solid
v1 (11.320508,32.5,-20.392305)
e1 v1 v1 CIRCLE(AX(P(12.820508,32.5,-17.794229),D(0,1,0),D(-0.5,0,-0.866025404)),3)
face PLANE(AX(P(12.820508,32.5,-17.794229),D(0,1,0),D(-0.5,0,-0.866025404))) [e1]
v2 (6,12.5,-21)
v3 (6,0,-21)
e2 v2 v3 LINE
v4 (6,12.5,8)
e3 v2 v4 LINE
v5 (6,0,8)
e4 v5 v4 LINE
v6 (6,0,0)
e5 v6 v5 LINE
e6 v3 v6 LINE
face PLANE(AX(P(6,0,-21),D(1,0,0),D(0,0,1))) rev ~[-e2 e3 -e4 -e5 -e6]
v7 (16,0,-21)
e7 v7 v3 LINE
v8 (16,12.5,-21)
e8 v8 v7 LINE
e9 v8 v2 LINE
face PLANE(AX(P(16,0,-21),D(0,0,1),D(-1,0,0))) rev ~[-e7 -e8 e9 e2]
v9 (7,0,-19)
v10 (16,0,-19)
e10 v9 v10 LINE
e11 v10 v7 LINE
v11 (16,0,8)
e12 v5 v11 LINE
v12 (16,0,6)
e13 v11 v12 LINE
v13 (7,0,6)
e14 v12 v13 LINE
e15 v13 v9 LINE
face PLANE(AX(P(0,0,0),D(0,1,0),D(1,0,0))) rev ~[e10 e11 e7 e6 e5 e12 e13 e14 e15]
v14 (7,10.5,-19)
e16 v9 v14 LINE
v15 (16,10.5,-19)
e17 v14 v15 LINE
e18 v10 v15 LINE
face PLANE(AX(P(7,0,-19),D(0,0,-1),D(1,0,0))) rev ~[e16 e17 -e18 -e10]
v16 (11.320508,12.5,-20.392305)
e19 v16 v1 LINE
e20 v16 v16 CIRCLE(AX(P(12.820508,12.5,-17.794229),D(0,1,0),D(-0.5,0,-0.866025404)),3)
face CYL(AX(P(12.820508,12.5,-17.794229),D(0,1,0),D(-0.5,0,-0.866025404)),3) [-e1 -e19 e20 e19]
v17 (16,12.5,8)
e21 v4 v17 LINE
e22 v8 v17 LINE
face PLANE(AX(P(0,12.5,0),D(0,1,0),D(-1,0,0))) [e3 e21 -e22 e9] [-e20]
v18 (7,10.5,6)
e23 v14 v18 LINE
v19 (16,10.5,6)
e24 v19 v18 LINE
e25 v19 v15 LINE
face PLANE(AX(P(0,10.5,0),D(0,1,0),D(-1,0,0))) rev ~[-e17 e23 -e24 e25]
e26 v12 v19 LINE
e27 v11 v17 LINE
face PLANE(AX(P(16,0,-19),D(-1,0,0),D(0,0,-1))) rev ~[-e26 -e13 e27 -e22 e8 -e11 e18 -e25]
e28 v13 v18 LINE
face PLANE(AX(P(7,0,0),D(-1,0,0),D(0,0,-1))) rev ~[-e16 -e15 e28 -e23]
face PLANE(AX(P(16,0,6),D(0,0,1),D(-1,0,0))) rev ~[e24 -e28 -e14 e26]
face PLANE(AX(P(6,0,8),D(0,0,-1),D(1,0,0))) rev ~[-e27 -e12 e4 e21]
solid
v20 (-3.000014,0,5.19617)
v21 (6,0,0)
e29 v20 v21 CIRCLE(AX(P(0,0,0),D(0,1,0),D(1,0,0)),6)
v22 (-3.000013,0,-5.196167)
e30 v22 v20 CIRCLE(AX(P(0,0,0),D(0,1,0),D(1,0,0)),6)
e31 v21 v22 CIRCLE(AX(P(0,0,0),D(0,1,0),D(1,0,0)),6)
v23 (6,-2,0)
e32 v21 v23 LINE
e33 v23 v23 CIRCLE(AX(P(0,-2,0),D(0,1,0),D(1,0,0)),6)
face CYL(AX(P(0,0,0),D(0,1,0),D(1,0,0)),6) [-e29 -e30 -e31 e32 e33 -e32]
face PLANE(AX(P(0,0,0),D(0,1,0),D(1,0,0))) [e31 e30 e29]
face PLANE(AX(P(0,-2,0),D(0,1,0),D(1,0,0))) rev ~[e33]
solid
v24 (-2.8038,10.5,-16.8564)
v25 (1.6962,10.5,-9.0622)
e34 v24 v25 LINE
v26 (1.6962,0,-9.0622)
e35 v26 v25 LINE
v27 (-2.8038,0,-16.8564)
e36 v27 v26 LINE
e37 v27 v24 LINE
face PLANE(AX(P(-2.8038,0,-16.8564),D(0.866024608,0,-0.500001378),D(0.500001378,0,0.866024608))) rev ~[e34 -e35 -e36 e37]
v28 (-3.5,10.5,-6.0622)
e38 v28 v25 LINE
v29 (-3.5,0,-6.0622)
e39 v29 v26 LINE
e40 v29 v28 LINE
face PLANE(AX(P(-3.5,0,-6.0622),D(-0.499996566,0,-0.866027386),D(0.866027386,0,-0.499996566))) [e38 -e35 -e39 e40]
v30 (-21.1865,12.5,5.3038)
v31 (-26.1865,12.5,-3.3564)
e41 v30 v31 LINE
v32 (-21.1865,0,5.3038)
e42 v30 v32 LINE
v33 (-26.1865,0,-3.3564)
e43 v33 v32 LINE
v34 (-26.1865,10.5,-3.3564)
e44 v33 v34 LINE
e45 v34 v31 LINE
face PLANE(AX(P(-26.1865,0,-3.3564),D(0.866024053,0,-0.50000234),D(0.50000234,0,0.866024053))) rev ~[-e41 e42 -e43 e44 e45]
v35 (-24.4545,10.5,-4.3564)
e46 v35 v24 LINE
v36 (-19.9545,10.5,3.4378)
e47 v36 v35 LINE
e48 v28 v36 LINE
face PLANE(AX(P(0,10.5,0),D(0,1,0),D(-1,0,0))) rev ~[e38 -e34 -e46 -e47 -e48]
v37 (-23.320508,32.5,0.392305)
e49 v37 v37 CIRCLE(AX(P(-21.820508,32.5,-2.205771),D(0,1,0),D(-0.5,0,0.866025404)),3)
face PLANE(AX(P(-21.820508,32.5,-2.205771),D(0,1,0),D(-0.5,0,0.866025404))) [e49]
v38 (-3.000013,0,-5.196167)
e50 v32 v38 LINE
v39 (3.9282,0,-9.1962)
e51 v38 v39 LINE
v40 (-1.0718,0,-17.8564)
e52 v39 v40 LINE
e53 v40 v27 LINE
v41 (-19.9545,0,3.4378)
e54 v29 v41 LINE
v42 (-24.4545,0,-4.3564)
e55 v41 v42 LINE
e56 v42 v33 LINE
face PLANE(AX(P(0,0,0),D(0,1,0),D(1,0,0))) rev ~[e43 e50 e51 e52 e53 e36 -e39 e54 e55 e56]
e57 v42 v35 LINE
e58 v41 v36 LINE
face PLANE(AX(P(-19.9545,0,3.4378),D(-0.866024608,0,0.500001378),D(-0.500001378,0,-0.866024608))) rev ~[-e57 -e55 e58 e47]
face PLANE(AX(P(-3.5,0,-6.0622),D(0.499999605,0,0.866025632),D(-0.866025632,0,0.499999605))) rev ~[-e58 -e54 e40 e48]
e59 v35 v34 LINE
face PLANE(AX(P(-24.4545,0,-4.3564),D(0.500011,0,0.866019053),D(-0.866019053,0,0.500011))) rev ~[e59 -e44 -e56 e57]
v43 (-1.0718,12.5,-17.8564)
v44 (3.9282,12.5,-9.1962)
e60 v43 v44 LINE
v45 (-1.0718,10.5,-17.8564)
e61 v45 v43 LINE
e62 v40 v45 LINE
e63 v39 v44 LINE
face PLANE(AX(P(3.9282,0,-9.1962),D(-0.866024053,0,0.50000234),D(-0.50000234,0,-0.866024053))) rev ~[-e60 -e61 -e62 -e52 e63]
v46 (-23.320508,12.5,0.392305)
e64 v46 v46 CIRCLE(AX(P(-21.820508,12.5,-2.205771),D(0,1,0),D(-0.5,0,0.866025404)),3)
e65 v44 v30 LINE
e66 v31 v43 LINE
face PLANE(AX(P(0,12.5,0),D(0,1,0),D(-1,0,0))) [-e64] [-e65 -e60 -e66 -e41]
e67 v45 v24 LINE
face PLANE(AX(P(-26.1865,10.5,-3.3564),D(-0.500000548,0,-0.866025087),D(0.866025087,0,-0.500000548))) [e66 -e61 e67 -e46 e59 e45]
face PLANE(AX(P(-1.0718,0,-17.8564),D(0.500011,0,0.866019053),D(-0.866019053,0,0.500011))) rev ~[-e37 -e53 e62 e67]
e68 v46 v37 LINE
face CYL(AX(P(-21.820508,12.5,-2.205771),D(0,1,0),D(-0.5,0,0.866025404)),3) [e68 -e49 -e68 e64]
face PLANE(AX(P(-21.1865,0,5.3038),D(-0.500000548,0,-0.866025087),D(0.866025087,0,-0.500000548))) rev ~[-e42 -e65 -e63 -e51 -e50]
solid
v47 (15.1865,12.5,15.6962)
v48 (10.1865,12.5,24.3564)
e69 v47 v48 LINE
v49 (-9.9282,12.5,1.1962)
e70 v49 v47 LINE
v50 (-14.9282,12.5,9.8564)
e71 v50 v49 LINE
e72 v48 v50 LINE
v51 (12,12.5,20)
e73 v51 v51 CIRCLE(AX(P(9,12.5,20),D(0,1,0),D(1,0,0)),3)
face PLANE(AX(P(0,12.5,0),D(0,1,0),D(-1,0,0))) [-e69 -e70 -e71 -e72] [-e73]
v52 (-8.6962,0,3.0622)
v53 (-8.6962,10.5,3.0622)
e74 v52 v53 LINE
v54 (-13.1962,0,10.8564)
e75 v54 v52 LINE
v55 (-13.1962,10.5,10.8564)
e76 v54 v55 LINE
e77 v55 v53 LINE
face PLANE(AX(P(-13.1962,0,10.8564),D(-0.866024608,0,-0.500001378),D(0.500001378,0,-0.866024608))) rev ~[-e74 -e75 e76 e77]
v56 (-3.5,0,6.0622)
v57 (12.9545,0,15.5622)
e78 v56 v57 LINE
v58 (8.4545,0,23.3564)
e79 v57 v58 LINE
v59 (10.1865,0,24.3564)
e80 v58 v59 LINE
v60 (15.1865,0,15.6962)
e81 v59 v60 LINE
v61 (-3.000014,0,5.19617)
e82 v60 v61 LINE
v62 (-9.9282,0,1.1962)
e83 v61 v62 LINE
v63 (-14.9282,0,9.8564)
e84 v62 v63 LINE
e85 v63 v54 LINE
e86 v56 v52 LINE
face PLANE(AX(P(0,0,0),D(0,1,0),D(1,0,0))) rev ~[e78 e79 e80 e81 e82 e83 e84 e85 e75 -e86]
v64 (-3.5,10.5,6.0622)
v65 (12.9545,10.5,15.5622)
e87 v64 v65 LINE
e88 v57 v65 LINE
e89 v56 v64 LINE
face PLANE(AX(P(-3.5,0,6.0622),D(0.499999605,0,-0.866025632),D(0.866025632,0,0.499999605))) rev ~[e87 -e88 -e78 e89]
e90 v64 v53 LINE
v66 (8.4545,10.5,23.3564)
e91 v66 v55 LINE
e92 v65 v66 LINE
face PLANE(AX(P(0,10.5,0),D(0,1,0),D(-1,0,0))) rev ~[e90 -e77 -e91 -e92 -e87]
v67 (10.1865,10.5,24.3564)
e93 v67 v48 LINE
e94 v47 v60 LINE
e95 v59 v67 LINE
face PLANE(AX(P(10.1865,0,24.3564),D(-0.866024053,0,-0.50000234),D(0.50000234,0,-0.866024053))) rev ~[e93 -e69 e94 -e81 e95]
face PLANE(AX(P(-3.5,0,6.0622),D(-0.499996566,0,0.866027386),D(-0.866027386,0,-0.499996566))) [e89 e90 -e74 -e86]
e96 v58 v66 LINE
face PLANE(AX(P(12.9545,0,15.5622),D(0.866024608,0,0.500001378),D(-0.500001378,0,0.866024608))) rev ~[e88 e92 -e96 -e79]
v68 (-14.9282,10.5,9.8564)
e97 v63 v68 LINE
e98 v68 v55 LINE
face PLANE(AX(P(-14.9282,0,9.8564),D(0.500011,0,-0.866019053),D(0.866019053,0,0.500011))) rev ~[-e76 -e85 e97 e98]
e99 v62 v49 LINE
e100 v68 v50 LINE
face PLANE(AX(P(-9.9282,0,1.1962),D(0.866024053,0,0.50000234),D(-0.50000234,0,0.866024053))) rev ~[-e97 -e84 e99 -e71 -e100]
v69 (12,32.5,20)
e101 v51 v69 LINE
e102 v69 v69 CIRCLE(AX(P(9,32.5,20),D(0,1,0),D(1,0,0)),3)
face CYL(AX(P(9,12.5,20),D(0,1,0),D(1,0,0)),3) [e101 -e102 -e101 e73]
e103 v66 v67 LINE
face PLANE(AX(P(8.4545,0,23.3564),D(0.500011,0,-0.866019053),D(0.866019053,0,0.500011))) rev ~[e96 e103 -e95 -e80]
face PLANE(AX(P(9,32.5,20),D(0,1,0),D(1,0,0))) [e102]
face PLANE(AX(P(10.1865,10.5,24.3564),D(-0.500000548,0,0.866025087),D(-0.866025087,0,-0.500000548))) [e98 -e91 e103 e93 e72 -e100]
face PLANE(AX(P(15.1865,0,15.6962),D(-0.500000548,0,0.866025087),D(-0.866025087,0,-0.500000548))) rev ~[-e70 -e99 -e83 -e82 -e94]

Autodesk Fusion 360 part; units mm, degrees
sketch "草图1" plane through (0, 0, 0) normal (0, 1, 0) x (1, 0, 0)
  circle A0 centre (0, 0) radius 6
  line L0 (7, 0) -> (7, -6)
  line L1 (7, 0) -> (7, 19)
  line L2 (7, 19) -> (16, 19)
  line L3 (16, 19) -> (16, 21)
  line L4 (16, 21) -> (6, 21)
  line L5 (6, 21) -> (6, -8)
  line L6 (6, -8) -> (16, -8)
  line L7 (16, -8) -> (16, -6)
  line L8 (16, -6) -> (7, -6)
  line L9 (-24.4545, 4.3564) -> (-26.1865, 3.3564)
  line L10 (-26.1865, 3.3564) -> (-21.1865, -5.3038)
  line L11 (-19.9545, -3.4378) -> (-24.4545, 4.3564)
  line L12 (-2.8038, 16.8564) -> (1.6962, 9.0622)
  line L13 (-1.0718, 17.8564) -> (-2.8038, 16.8564)
  line L14 (-3.5, 6.0622) -> (1.6962, 9.0622)
  line L15 (3.9282, 9.1962) -> (-1.0718, 17.8564)
  line L16 (-3.5, 6.0622) -> (-19.9545, -3.4378)
  line L17 (-21.1865, -5.3038) -> (3.9282, 9.1962)
  line L18 (8.4545, -23.3564) -> (10.1865, -24.3564)
  line L19 (10.1865, -24.3564) -> (15.1865, -15.6962)
  line L20 (12.9545, -15.5622) -> (8.4545, -23.3564)
  line L21 (-13.1962, -10.8564) -> (-8.6962, -3.0622)
  line L22 (-14.9282, -9.8564) -> (-13.1962, -10.8564)
  line L23 (-3.5, -6.0622) -> (-8.6962, -3.0622)
  line L24 (-9.9282, -1.1962) -> (-14.9282, -9.8564)
  line L25 (-3.5, -6.0622) -> (12.9545, -15.5622)
  line L26 (15.1865, -15.6962) -> (-9.9282, -1.1962)
  dimension "d1" = 12
  dimension "d2" = 6
  dimension "d3" = 19
  dimension "d5" = 360
sketch "草图2" plane through (0, 0, 0) normal (0, 1, 0) x (1, 0, 0)
  circle A0 centre (0, 0) radius 6
  line L0 (16, 21) -> (0, 21)
  line L1 (16, 21) -> (16, -15)
  line L2 (-26.1865, 3.3564) -> (-18.1865, -10.5)
  line L3 (-26.1865, 3.3564) -> (4.9904, 21.3564)
  line L4 (10.1865, -24.3564) -> (18.1865, -10.5)
  line L5 (10.1865, -24.3564) -> (-20.9904, -6.3564)
  dimension "d11" = 360
extrude "拉伸1" add sketch "草图2" against normal blind 2 contours A0
extrude "拉伸2" add sketch "草图1" along normal blind 10.5 contours L18 L19 L20 L21 L22 L23 L24 L25 L26 | L9 L10 L11 L12 L13 L14 L15 L16 L17 | L0 L1 L2 L3 L4 L5 L6 L7 L8
sketch "草图3" plane through (0, 10.5, 0) normal (0, 1, 0) x (-1, 0, 0)
  line L0 (-7, 6) -> (-7, -19)
  line L1 (-7, -19) -> (-16, -19)
  line L2 (-16, -19) -> (-16, -21)
  line L3 (-16, -21) -> (-6, -21)
  line L4 (-6, -21) -> (-6, 8)
  line L5 (-6, 8) -> (-16, 8)
  line L6 (-16, 8) -> (-16, 6)
  line L7 (-16, 6) -> (-7, 6)
  line L8 (-6, -21) -> (-16, -21)
  line L9 (-16, -21) -> (-16, 8)
  line L10 (-16, 8) -> (-6, 8)
  line L11 (-6, 8) -> (-6, -21)
  line L12 (21.1865, 5.3038) -> (26.1865, -3.3564)
  line L13 (-3.9282, -9.1962) -> (21.1865, 5.3038)
  line L14 (26.1865, -3.3564) -> (1.0718, -17.8564)
  line L15 (1.0718, -17.8564) -> (-3.9282, -9.1962)
  line L16 (-15.1865, 15.6962) -> (-10.1865, 24.3564)
  line L17 (9.9282, 1.1962) -> (-15.1865, 15.6962)
  line L18 (-10.1865, 24.3564) -> (14.9282, 9.8564)
  line L19 (14.9282, 9.8564) -> (9.9282, 1.1962)
  dimension "d13" = 360
extrude "拉伸3" add sketch "草图3" along normal blind 2
cylinder "圆柱体基本要素1" add diameter 6 height 20 placed x (1, 0, 0) y (0, 0, -1) z (0, 1, 0) at (9, 12.5, 20)
pattern_circular "C-阵列1" count 3 over 360 about axis through (0, 1.75, 0) along (0, 1, 0) of "圆柱体基本要素1"
